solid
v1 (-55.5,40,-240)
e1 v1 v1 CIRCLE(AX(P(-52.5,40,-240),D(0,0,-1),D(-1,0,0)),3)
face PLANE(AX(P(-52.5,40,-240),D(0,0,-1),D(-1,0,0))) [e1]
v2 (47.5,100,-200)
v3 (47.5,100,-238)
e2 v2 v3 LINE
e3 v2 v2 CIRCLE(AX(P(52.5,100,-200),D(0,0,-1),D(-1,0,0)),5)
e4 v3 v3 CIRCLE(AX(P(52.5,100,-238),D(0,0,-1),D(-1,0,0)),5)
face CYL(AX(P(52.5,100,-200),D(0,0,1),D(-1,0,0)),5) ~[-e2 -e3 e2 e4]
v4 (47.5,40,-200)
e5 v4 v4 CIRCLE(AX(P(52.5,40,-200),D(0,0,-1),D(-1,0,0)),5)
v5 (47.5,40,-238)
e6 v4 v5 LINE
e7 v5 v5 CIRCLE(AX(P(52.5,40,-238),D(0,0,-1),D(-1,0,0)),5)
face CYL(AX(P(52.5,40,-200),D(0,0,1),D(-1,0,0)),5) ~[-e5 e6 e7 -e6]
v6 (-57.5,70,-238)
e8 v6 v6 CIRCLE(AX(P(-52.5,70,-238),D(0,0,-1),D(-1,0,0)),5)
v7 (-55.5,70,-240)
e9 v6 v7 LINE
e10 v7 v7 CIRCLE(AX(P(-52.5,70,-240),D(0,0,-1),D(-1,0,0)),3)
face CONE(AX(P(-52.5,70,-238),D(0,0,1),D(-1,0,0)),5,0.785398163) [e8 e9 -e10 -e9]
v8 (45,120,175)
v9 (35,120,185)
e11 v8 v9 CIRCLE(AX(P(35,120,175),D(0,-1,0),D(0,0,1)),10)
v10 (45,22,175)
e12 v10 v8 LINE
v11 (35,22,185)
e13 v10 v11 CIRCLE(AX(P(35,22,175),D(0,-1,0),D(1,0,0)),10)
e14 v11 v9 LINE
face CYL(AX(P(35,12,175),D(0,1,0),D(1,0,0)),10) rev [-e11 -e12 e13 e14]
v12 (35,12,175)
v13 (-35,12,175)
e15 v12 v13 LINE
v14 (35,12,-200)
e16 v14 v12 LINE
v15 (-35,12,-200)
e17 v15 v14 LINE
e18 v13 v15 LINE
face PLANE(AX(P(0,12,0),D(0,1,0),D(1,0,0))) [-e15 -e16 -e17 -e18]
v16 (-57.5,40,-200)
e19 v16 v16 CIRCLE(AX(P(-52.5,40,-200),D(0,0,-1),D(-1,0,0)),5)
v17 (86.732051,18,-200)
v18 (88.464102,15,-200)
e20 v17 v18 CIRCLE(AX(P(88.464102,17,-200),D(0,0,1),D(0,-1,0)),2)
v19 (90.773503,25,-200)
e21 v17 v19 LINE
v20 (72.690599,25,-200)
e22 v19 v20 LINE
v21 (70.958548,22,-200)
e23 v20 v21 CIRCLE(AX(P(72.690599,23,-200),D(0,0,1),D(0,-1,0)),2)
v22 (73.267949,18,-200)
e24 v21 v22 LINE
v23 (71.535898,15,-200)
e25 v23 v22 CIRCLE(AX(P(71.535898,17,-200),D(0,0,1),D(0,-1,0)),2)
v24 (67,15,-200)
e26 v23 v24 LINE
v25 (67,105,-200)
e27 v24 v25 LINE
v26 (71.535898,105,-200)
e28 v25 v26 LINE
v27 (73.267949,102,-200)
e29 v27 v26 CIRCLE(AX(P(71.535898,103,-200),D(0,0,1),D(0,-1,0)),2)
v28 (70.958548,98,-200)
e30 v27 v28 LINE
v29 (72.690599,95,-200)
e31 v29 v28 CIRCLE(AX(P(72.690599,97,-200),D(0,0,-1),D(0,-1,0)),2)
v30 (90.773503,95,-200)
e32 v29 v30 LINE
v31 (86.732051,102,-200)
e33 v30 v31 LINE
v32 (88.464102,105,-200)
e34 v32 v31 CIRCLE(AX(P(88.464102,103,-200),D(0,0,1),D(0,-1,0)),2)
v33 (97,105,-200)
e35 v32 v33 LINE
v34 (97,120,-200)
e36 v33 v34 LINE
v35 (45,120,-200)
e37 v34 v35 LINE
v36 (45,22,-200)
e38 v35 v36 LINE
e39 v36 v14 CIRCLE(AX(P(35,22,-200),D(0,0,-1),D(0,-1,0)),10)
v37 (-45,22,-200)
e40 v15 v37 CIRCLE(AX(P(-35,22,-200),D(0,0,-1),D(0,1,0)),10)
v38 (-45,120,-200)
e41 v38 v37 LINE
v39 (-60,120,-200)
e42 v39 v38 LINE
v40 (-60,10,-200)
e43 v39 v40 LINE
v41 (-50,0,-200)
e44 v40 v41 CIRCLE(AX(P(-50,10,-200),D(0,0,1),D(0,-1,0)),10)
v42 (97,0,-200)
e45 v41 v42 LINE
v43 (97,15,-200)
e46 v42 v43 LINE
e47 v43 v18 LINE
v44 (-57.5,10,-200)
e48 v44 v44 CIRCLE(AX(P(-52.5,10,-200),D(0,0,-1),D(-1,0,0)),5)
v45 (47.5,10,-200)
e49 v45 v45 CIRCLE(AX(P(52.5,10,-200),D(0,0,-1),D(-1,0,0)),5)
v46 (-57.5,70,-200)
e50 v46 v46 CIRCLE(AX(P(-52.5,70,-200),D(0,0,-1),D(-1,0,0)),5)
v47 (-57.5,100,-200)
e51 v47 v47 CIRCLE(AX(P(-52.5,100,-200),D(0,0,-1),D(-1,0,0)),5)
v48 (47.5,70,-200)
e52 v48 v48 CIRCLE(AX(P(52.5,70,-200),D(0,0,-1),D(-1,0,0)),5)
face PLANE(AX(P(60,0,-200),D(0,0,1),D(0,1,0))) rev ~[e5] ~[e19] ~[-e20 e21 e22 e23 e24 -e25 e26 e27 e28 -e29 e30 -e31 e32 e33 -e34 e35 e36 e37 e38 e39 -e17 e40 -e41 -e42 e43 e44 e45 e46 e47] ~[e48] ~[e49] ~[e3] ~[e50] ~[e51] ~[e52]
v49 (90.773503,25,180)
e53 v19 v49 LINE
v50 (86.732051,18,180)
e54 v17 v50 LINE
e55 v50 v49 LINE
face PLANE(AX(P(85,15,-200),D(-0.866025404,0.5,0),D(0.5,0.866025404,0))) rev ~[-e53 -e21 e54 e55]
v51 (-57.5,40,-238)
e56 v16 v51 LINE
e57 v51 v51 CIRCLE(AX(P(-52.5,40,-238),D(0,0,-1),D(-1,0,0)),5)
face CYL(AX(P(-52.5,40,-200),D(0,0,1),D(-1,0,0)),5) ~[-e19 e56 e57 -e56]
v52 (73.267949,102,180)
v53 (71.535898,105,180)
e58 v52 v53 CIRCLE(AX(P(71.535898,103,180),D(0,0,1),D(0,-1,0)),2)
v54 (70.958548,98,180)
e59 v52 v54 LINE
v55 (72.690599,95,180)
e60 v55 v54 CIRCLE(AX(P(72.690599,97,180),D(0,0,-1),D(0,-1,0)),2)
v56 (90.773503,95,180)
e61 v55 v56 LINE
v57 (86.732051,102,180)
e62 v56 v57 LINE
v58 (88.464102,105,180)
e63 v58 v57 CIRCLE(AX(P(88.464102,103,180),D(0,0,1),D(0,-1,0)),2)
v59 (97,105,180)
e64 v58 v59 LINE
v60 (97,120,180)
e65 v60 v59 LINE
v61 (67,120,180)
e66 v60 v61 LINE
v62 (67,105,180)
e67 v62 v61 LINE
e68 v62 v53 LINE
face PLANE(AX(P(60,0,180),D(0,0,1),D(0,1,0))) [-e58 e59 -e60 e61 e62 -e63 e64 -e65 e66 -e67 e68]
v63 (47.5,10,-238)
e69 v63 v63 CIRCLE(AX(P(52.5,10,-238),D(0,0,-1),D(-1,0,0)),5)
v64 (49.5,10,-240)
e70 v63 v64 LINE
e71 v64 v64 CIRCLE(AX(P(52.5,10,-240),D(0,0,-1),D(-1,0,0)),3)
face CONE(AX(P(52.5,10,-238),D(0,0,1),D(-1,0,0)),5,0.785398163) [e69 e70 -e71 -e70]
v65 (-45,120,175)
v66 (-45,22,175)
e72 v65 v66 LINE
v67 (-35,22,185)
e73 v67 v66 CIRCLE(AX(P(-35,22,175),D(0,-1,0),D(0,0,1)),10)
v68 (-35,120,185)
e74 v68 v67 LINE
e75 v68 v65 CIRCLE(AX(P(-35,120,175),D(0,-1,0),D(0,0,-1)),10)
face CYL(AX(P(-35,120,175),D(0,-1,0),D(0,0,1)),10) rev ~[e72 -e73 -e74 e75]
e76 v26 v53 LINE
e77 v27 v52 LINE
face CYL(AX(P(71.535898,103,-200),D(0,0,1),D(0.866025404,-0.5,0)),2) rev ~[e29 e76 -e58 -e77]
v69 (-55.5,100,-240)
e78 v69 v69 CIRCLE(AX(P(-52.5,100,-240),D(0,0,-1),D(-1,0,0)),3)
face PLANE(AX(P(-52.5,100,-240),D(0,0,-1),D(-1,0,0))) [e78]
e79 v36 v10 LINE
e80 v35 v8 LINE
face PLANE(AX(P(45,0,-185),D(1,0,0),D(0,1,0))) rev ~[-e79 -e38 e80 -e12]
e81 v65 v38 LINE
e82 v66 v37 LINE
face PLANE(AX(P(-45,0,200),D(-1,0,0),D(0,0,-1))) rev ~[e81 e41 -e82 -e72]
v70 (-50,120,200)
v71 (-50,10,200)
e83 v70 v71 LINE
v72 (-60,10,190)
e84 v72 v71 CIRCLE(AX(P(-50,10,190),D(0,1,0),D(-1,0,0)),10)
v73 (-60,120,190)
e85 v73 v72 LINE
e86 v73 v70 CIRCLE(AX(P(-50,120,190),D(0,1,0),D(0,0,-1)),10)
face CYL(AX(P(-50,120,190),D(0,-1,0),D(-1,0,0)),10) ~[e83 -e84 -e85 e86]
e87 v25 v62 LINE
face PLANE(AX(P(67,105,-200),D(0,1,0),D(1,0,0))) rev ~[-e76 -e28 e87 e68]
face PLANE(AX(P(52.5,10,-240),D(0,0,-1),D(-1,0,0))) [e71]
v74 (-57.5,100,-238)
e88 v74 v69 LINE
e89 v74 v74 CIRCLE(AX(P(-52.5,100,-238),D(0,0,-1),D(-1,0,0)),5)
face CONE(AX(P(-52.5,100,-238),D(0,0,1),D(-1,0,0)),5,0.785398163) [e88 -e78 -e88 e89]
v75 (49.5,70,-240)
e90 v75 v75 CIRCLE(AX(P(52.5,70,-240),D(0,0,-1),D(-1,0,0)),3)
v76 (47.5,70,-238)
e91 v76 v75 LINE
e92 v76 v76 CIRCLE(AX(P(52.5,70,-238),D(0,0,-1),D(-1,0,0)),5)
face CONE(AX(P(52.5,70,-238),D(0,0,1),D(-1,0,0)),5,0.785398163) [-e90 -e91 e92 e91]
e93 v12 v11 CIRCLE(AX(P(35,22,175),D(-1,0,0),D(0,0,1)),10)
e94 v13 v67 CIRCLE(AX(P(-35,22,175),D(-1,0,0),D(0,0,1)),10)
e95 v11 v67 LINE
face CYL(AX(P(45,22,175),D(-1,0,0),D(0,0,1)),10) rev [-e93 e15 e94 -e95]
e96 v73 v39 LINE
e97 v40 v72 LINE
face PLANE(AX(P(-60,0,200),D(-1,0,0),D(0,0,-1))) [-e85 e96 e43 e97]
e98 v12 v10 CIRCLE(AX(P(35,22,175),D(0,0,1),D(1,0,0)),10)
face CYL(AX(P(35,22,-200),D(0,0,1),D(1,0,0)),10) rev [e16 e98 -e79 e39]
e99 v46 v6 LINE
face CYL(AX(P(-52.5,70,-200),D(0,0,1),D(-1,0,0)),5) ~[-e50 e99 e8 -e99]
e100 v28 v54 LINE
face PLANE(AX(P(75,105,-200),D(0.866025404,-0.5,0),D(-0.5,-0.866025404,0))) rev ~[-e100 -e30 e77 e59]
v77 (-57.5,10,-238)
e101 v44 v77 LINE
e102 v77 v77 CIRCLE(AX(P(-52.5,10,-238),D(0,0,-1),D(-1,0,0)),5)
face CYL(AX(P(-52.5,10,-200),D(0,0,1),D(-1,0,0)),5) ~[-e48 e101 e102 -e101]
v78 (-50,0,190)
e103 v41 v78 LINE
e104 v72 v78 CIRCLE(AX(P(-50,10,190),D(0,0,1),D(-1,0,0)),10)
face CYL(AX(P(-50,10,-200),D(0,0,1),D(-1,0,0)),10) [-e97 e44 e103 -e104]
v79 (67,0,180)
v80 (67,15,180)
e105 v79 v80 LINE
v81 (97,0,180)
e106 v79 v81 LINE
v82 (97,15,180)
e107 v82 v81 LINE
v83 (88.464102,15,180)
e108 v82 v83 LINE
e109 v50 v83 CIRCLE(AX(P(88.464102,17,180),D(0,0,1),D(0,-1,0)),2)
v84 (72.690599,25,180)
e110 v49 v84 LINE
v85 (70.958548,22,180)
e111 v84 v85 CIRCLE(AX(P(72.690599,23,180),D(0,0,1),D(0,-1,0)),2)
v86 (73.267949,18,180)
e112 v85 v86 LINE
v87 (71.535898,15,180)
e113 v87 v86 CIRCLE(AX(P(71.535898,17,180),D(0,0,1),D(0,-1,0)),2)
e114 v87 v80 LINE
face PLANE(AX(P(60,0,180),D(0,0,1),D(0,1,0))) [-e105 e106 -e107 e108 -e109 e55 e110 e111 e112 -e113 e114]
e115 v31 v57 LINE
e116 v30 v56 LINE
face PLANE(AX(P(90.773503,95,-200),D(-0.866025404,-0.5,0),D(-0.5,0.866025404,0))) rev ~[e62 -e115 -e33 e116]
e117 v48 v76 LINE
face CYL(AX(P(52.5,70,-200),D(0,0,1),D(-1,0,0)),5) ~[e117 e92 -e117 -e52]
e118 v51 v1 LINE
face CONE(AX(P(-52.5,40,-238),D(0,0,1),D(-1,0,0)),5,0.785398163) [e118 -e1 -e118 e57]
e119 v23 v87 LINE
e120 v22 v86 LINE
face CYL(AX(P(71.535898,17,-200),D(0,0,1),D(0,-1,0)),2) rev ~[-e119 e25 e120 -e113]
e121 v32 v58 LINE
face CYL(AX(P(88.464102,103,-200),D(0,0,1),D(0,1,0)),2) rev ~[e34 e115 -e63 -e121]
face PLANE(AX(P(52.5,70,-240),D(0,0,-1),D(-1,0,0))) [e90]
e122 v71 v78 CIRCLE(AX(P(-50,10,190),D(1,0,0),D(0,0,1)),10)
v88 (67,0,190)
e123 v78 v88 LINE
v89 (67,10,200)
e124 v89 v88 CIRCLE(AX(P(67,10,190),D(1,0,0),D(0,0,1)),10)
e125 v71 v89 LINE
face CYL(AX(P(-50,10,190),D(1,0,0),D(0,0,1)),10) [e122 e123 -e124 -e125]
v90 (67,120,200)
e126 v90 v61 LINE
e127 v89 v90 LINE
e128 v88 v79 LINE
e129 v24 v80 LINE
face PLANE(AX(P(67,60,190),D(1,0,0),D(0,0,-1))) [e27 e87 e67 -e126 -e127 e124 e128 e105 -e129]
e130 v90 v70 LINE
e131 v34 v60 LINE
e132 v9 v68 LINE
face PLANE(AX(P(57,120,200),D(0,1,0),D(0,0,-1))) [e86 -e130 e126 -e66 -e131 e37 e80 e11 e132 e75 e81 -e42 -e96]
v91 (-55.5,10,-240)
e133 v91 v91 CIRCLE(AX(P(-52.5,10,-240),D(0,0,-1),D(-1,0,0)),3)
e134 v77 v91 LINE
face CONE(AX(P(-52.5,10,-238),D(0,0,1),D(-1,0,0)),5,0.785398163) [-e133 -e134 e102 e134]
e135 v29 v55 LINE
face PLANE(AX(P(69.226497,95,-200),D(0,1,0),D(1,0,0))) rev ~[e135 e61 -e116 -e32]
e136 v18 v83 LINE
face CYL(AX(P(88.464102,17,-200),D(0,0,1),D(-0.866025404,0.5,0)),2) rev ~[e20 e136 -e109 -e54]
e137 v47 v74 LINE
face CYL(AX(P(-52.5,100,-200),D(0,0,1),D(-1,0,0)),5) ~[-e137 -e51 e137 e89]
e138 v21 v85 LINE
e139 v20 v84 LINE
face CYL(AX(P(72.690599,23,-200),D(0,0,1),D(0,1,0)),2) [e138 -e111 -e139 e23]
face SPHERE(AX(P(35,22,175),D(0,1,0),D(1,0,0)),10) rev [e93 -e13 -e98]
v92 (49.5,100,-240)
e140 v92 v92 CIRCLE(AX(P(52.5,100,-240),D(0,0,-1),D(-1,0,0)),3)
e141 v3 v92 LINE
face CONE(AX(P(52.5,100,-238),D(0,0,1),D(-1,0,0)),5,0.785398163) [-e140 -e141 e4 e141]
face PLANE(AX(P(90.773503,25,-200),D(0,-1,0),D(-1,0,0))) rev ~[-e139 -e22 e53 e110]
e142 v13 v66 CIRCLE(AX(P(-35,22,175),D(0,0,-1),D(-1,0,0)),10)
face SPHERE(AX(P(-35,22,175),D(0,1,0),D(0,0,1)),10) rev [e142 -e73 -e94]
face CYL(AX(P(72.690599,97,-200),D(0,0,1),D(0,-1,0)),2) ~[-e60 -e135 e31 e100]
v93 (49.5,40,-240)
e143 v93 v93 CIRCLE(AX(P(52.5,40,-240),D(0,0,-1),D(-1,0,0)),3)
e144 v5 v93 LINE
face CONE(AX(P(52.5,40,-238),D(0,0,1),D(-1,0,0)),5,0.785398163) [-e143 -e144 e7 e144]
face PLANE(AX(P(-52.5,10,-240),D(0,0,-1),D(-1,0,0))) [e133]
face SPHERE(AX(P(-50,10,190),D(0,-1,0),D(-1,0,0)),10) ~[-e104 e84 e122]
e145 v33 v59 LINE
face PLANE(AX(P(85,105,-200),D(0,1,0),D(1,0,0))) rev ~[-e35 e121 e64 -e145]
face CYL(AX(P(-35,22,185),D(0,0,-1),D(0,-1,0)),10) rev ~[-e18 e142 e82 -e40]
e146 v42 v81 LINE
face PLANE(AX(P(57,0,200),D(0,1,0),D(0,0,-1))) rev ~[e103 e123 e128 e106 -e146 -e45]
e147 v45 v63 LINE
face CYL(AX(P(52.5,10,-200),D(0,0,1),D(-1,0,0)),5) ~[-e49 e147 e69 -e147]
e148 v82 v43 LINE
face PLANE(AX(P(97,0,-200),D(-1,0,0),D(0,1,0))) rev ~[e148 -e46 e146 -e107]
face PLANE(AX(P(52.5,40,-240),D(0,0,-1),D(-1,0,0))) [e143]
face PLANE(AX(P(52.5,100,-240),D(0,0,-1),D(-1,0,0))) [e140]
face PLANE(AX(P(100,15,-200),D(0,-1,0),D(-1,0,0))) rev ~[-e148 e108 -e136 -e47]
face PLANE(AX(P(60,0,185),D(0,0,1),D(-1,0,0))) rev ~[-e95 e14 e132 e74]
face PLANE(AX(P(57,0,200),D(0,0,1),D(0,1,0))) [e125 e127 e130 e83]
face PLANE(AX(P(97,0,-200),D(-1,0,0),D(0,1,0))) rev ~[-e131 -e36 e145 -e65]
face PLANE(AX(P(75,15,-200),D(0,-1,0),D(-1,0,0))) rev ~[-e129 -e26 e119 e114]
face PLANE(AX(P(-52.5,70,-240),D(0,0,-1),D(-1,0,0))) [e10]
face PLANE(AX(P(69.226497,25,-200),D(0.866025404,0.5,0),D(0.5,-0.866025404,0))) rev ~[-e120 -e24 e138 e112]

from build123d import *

# Parameters (mm, degrees)
SURFACE_EXTRUDE1_1_DEPTH = 120
THICKEN1_T2              = 15
SKETCH5_W                = 90
SKETCH5_H                = 120
CUT_EXTRUDE1_DEPTH       = 120
SKETCH4_W                = 120
SKETCH4_H                = 400
THICKEN2_T1              = 12
FILLET1_R                = 10
FILLET2_R                = 10
SKETCH6_R                = 5
BOSS_EXTRUDE1_DEPTH      = 40
CHAMFER1_SIZE            = 2
CHAMFER2_SIZE            = 2
SKETCH7_W                = 380
SKETCH7_H                = 120
BOSS_EXTRUDE2_DEPTH      = 40
CUT_EXTRUDE2_DEPTH       = 380
SKETCH9_W                = 3
SKETCH9_H                = 120
CUT_EXTRUDE3_DEPTH       = 440
FILLET4_R                = 2
FILLET5_R                = 2
SKETCH10_W               = 40
SKETCH10_H               = 120
CUT_EXTRUDE4_DEPTH       = 20
SKETCH11_W               = 20
SKETCH11_H               = 120
BOSS_EXTRUDE3_DEPTH      = 10
FILLET6_R                = 10


with BuildPart() as body_1:
    # Surface-Extrude1: a surface, the sketch's curves swept straight by 120 mm
    with BuildLine(Plane(origin=(0, 0, 0), x_dir=(1, 0, 0), z_dir=(0, 1, 0)), mode=Mode.PRIVATE) as surface_extrude1_1_path:
        Line((60, -200), (-60, -200))
        Line((-60, -200), (-60, 200))
        Line((-60, 200), (60, 200))
        Line((60, 200), (60, -200))
    surface_extrude1_1 = Shell.extrude(surface_extrude1_1_path.wire(), (0 * SURFACE_EXTRUDE1_1_DEPTH, 1 * SURFACE_EXTRUDE1_1_DEPTH, 0 * SURFACE_EXTRUDE1_1_DEPTH))
    add(Solid.thicken(surface_extrude1_1, -THICKEN1_T2))

    # Sketch5 → Cut-Extrude1 (cut)
    with BuildSketch(Plane.XY.offset(-185)):
        with Locations((0, 60)):
            Rectangle(SKETCH5_W, SKETCH5_H)
    extrude(amount=-CUT_EXTRUDE1_DEPTH, mode=Mode.SUBTRACT)

    # Sketch4 → Surface-Plane1: a flat surface bounded by the sketch
    with BuildSketch(Plane(origin=(0, 0, 0), x_dir=(1, 0, 0), z_dir=(0, 1, 0)), mode=Mode.PRIVATE) as surface_plane1_2_region:
        Rectangle(SKETCH4_W, SKETCH4_H)
    surface_plane1_2 = surface_plane1_2_region.sketch.faces()[0]
    add(Solid.thicken(surface_plane1_2, THICKEN2_T1))

    # Fillet1
    fillet1_edges = [body_1.edges().sort_by_distance(p)[0] for p in [
        (45, 66, 185),
        (45, 12, -7.5),
        (-45, 66, 185),
        (0, 12, 185),
        (-45, 12, -7.5),
    ]]
    fillet(fillet1_edges, radius=FILLET1_R)

    # Fillet2
    fillet2_edges = [body_1.edges().sort_by_distance(p)[0] for p in [
        (-60, 60, 200),
    ]]
    fillet(fillet2_edges, radius=FILLET2_R)

    # Sketch6 → Boss-Extrude1 (add)
    with BuildSketch(Plane(origin=(0, 0, -200), x_dir=(-1, 0, 0), z_dir=(0, 0, -1))):
        with Locations((-52.5, 100)):
            Circle(SKETCH6_R)
        with Locations((52.5, 100)):
            Circle(SKETCH6_R)
        with Locations((-52.5, 70)):
            Circle(SKETCH6_R)
        with Locations((-52.5, 40)):
            Circle(SKETCH6_R)
        with Locations((-52.5, 10)):
            Circle(SKETCH6_R)
        with Locations((52.5, 70)):
            Circle(SKETCH6_R)
        with Locations((52.5, 40)):
            Circle(SKETCH6_R)
        with Locations((52.5, 10)):
            Circle(SKETCH6_R)
    extrude(amount=BOSS_EXTRUDE1_DEPTH)

    # Chamfer1
    chamfer1_edges = [body_1.edges().sort_by_distance(p)[0] for p in [
        (57.5, 100, -240),
        (57.5, 70, -240),
        (57.5, 40, -240),
        (57.5, 10, -240),
    ]]
    chamfer(chamfer1_edges, length=CHAMFER1_SIZE)

    # Chamfer2
    chamfer2_edges = [body_1.edges().sort_by_distance(p)[0] for p in [
        (-47.5, 100, -240),
        (-47.5, 70, -240),
        (-47.5, 40, -240),
        (-47.5, 10, -240),
    ]]
    chamfer(chamfer2_edges, length=CHAMFER2_SIZE)

    # Sketch7 → Boss-Extrude2 (add)
    with BuildSketch(Plane(origin=(60, 0, 0), x_dir=(0, 0, -1), z_dir=(1, 0, 0))):
        with Locations((10, 60)):
            Rectangle(SKETCH7_W, SKETCH7_H)
    extrude(amount=BOSS_EXTRUDE2_DEPTH)

    # Sketch8 → Cut-Extrude2 (cut)
    with BuildSketch(Plane(origin=(0, 0, -200), x_dir=(-1, 0, 0), z_dir=(0, 0, -1))):
        Polygon((-97, 105), (-100, 105), (-100, 15), (-97, 15), (-85, 15), (-90.773502692, 25), (-85, 25), (-80, 25), (-80, 95), (-85, 95), (-90.773502692, 95), (-85, 105), align=None)
        Polygon((-75, 95), (-80, 95), (-80, 25), (-75, 25), (-69.226497308, 25), (-75, 15), (-67, 15), (-67, 105), (-75, 105), (-69.226497308, 95), align=None)
    extrude(amount=-CUT_EXTRUDE2_DEPTH, mode=Mode.SUBTRACT)

    # Sketch9 → Cut-Extrude3 (cut)
    with BuildSketch(Plane(origin=(0, 0, -200), x_dir=(-1, 0, 0), z_dir=(0, 0, -1))):
        with Locations((-98.5, 60)):
            Rectangle(SKETCH9_W, SKETCH9_H)
    extrude(amount=-CUT_EXTRUDE3_DEPTH, mode=Mode.SUBTRACT)

    # Fillet4
    fillet4_edges = [body_1.edges().sort_by_distance(p)[0] for p in [
        (85, 15, -10),
        (85, 105, -10),
        (75, 105, -10),
        (75, 15, -10),
    ]]
    fillet(fillet4_edges, radius=FILLET4_R)

    # Fillet5
    fillet5_edges = [body_1.edges().sort_by_distance(p)[0] for p in [
        (69.226497308, 25, -10),
        (69.226497308, 95, -10),
    ]]
    fillet(fillet5_edges, radius=FILLET5_R)

    # Sketch10 → Cut-Extrude4 (cut)
    with BuildSketch(Plane.XY.offset(180)):
        with Locations((77, 60)):
            Rectangle(SKETCH10_W, SKETCH10_H)
    extrude(amount=CUT_EXTRUDE4_DEPTH, mode=Mode.SUBTRACT)

    # Sketch11 → Boss-Extrude3 (add)
    with BuildSketch(Plane(origin=(57, 0, 0), x_dir=(0, 0, -1), z_dir=(1, 0, 0))):
        with Locations((-190, 60)):
            Rectangle(SKETCH11_W, SKETCH11_H)
    extrude(amount=BOSS_EXTRUDE3_DEPTH)

    # Fillet6
    fillet6_edges = [body_1.edges().sort_by_distance(p)[0] for p in [
        (8.5, 0, 200),
        (-57.071067812, 0, 197.071067812),
        (-60, 0, -5),
    ]]
    fillet(fillet6_edges, radius=FILLET6_R)


solid = body_1.part
